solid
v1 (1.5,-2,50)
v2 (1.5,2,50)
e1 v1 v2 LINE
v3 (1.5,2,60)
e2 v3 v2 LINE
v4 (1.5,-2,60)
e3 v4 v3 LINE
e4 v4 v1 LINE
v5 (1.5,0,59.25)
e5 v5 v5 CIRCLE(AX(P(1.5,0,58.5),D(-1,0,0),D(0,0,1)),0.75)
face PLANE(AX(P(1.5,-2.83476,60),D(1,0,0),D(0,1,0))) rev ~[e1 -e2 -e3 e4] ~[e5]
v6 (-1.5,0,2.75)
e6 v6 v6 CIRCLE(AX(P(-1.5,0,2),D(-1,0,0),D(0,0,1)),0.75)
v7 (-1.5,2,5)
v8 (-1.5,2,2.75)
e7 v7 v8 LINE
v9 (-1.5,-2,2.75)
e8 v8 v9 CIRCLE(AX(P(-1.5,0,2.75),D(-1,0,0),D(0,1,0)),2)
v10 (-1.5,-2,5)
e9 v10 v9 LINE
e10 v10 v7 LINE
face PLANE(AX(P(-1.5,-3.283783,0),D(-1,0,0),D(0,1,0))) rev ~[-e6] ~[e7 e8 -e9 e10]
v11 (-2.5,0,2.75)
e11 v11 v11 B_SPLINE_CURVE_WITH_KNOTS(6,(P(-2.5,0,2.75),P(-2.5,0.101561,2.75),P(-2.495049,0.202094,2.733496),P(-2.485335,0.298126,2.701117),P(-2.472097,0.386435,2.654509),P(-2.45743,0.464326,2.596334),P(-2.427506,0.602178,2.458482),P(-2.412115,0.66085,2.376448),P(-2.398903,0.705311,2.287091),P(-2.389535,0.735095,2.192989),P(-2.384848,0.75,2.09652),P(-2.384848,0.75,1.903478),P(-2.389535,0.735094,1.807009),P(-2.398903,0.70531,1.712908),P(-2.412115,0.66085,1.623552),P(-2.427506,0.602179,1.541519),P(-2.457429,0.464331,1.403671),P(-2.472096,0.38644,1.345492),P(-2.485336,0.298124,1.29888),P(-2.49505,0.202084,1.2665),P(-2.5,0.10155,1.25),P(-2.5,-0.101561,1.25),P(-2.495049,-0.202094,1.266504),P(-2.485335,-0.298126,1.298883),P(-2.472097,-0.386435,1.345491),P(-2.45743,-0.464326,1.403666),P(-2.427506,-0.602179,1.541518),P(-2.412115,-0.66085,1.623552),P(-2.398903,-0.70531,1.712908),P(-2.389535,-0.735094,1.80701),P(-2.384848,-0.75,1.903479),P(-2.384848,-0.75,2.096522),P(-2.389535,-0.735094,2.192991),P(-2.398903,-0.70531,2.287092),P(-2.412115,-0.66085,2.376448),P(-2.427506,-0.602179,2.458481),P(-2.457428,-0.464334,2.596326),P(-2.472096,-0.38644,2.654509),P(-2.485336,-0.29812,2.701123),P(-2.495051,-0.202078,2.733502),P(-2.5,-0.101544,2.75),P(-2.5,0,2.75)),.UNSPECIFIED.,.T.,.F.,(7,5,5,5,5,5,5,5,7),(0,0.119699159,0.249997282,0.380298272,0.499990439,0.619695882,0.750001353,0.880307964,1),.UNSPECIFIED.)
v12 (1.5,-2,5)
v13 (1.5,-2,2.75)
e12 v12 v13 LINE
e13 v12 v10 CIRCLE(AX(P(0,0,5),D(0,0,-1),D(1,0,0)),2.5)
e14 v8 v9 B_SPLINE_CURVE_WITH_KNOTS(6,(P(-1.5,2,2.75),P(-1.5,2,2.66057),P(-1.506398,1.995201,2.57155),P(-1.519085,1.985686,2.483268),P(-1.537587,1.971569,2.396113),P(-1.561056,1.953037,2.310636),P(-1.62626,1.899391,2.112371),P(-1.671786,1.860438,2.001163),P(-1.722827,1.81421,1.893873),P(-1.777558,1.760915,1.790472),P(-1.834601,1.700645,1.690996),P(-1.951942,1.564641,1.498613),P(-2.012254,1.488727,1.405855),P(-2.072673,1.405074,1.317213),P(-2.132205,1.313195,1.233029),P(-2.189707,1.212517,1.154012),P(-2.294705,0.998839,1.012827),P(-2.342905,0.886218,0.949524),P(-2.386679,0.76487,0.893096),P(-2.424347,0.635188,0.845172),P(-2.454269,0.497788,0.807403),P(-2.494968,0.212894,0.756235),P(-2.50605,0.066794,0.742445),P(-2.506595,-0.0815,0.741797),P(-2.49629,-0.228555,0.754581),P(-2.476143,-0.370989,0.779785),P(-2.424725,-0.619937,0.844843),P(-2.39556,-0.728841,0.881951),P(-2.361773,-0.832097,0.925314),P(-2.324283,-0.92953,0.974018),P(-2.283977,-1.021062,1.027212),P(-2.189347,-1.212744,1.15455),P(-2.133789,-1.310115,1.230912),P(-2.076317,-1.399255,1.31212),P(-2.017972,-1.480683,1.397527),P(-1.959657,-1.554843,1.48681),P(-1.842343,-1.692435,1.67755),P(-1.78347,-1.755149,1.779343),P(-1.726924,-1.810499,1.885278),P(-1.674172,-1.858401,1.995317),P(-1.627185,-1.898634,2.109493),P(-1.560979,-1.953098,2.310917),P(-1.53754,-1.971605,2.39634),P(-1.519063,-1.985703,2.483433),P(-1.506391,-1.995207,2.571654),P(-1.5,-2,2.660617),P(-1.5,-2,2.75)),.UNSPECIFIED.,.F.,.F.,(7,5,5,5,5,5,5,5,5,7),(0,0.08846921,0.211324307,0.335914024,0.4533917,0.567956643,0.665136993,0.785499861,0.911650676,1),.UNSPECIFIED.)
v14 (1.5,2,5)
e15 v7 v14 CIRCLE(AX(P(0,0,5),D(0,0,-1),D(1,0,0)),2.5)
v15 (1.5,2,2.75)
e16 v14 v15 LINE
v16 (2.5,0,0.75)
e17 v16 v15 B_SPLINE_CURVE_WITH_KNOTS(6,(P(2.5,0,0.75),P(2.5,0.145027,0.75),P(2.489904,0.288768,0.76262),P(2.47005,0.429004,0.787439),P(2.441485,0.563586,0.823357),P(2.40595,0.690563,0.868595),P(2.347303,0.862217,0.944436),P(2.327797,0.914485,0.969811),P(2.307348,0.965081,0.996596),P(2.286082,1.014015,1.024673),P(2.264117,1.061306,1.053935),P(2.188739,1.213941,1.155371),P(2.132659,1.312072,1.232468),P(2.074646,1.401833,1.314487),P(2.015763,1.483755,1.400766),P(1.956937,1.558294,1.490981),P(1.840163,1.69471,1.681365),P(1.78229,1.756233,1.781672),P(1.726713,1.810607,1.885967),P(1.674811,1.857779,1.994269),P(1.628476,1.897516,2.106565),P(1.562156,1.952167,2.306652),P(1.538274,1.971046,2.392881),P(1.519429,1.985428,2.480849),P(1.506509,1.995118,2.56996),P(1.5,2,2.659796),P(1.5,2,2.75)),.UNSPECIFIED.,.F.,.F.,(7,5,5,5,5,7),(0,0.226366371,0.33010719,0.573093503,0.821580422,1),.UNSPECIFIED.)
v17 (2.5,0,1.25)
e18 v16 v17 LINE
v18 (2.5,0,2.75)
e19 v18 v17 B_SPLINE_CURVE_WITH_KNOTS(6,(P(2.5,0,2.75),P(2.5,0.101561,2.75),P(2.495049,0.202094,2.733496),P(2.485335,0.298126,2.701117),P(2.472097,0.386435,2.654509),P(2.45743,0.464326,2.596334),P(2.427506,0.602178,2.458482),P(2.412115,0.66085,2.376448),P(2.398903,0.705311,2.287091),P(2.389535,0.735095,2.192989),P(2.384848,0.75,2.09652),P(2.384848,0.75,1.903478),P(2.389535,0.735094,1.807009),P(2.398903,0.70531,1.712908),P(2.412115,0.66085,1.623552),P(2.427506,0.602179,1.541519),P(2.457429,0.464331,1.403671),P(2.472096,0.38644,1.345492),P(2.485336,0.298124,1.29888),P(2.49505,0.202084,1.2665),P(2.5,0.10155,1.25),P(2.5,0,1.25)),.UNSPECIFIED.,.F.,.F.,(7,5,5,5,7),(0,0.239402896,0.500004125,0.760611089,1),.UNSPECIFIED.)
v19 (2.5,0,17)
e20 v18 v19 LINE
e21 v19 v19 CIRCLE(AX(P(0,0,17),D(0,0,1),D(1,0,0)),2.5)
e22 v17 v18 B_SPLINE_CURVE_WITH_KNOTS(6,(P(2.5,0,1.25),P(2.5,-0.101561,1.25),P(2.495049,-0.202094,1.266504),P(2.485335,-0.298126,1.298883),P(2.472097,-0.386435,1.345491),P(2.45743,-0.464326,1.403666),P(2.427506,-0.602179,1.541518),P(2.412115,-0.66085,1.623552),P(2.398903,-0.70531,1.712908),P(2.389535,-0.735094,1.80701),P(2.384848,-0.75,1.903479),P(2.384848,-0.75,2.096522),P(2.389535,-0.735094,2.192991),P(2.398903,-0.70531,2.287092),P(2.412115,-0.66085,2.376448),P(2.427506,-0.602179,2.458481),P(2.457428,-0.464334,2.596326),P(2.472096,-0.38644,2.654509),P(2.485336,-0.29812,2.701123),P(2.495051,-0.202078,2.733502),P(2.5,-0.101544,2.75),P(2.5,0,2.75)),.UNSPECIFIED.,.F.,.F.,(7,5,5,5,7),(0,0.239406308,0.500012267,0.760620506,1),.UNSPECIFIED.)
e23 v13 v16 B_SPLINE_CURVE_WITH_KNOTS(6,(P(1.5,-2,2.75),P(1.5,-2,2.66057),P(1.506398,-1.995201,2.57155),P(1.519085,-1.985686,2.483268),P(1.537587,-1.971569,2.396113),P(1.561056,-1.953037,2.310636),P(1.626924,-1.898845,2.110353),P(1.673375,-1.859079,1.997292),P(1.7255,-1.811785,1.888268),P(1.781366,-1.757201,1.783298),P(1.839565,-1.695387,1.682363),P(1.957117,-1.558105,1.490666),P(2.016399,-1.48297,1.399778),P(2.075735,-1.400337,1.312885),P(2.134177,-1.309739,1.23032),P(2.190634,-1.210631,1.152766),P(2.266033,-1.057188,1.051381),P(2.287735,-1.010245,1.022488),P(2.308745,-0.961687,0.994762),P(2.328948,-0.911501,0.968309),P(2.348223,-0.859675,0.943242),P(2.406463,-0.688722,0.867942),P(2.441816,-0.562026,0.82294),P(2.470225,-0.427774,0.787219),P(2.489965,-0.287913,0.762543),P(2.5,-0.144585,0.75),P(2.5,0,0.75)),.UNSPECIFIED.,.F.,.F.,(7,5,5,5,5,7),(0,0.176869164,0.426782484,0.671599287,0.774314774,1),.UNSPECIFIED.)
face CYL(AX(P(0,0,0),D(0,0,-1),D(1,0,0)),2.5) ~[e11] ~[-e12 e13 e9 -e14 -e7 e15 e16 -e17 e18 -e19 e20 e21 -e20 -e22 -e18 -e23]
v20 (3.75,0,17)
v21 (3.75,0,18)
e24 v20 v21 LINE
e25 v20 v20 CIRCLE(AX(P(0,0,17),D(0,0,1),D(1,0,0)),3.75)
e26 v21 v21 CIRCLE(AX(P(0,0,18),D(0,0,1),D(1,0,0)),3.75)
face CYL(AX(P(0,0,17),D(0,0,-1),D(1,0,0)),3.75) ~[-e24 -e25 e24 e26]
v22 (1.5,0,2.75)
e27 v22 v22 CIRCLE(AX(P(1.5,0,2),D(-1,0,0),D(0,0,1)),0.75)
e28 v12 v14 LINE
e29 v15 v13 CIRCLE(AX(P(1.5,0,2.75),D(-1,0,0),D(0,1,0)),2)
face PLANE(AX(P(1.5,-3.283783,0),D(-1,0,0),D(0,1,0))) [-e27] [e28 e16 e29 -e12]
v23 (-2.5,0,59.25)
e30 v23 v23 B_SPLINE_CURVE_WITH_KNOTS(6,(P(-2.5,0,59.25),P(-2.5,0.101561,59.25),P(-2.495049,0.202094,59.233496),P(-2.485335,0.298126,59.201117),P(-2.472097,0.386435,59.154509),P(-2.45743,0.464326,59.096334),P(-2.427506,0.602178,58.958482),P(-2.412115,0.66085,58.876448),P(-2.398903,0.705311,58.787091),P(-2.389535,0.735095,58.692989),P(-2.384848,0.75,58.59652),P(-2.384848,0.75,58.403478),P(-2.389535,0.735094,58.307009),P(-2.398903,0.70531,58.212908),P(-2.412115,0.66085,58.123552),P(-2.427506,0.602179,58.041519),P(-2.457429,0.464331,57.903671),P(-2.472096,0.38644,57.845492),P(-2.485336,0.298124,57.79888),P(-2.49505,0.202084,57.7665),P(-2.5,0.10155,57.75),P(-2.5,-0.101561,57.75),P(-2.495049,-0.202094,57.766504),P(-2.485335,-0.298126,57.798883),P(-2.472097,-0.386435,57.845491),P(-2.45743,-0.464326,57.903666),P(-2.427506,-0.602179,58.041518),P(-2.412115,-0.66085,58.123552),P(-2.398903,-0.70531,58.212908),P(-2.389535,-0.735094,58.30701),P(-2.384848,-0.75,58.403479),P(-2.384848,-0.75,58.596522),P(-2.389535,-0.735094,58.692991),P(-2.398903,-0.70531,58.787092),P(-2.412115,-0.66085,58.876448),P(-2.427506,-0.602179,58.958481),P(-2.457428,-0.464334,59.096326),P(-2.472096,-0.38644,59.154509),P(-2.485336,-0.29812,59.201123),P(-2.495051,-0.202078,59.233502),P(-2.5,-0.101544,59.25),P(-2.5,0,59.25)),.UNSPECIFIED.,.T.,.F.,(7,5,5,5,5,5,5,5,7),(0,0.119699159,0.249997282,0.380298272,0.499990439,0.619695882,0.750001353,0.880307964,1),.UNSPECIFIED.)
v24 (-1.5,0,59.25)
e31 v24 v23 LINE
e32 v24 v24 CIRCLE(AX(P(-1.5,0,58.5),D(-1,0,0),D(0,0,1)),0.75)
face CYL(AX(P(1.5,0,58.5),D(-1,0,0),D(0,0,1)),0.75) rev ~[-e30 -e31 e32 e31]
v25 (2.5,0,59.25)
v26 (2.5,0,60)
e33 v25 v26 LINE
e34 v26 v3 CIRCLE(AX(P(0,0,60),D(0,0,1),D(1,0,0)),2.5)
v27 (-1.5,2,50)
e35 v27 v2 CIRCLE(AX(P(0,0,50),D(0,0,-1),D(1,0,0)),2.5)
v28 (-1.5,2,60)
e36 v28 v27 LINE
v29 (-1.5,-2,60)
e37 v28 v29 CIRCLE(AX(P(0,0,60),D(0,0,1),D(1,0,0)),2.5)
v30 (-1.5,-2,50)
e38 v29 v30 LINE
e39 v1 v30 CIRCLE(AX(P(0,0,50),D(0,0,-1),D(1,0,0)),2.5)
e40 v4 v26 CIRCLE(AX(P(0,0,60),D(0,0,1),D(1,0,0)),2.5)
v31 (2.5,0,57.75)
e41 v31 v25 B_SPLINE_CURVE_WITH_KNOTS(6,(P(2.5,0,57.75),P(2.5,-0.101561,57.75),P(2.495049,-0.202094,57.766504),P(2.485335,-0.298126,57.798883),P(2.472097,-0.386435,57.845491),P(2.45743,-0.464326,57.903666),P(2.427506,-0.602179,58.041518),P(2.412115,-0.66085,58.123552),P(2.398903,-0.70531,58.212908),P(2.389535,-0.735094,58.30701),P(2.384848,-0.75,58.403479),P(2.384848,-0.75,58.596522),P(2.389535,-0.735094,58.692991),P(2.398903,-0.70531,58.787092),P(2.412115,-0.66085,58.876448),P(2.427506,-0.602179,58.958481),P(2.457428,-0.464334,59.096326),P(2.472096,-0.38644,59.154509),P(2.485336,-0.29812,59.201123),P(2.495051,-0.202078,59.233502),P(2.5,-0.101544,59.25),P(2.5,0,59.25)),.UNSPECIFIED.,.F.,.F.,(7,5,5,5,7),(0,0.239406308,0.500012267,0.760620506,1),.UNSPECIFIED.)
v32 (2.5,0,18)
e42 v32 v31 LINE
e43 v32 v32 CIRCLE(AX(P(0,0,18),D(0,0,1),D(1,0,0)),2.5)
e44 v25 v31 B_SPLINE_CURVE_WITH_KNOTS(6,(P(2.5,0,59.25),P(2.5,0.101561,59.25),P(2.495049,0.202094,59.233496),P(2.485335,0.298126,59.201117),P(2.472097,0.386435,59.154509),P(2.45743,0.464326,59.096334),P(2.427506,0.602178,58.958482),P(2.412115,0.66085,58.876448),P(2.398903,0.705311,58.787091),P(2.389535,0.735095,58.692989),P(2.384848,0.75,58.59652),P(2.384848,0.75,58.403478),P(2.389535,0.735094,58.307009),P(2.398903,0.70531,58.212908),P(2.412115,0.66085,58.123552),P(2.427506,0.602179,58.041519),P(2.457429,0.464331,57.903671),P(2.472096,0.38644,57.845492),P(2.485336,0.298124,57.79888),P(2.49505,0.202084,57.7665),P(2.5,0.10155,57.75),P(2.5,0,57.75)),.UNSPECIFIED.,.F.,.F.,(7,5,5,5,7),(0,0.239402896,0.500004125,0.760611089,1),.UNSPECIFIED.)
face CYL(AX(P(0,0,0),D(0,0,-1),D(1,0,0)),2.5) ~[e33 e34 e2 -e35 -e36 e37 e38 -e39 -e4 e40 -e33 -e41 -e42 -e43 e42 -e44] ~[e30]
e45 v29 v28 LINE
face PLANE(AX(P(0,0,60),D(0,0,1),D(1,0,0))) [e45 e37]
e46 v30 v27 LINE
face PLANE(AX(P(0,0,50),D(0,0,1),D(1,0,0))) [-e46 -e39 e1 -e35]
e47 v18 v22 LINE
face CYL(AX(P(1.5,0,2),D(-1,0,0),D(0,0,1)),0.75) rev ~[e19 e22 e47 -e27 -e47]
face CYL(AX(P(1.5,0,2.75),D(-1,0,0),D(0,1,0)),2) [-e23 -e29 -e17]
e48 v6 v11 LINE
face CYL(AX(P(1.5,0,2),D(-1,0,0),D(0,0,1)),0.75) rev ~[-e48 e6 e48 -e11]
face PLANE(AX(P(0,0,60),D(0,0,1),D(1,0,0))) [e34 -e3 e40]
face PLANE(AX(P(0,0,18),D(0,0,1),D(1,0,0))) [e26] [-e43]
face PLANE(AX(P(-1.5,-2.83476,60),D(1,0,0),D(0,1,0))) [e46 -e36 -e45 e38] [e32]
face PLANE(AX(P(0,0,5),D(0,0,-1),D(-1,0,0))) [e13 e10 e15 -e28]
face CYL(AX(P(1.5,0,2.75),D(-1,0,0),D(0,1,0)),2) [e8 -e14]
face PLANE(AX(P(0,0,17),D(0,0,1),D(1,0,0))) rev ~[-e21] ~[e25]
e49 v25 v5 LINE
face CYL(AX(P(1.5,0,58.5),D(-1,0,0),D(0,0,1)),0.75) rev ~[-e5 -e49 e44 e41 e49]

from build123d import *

# Parameters (mm, degrees)
CROQUIS1_R              = 2.5
SALIENTE_EXTRUIR1_DEPTH = 60
SALIENTE_EXTRUIR2_START = -1
CROQUIS2_R              = 3.75
CROQUIS2_R_2            = 2.5
SALIENTE_EXTRUIR2_DEPTH = 1
CROQUIS5_W              = 3
CROQUIS5_H              = 5.669520972
CORTAR_EXTRUIR1_DEPTH   = 10
CROQUIS6_R              = 0.75
CORTAR_EXTRUIR2_DEPTH   = 4.5
CROQUIS7_W              = 3
CROQUIS7_H              = 6.567565146
CORTAR_EXTRUIR3_DEPTH   = 5
CROQUIS8_R              = 0.75
CORTAR_EXTRUIR4_DEPTH   = 5
CORTAR_EXTRUIR5_DEPTH   = 5


with BuildPart() as part:
    # Croquis1 → Saliente-Extruir1 (new body)
    with BuildSketch(Plane.XY):
        Circle(CROQUIS1_R)
    extrude(amount=SALIENTE_EXTRUIR1_DEPTH)

    # Croquis2 → Saliente-Extruir2 (add)
    with BuildSketch(Plane.XY.offset(18).offset(SALIENTE_EXTRUIR2_START)):
        Circle(CROQUIS2_R)
        Circle(CROQUIS2_R_2, mode=Mode.SUBTRACT)
    extrude(amount=SALIENTE_EXTRUIR2_DEPTH)

    # Croquis5 → Cortar-Extruir1 (cut, symmetric)
    with BuildSketch(Plane.XY.offset(60)):
        Rectangle(CROQUIS5_W, CROQUIS5_H)
    extrude(amount=CORTAR_EXTRUIR1_DEPTH, both=True, mode=Mode.SUBTRACT)

    # Croquis6 → Cortar-Extruir2 (cut, symmetric)
    with BuildSketch(Plane.ZY.offset(-1.5)):
        with Locations((58.5, 0)):
            Circle(CROQUIS6_R)
    extrude(amount=CORTAR_EXTRUIR2_DEPTH, both=True, mode=Mode.SUBTRACT)

    # Croquis7 → Cortar-Extruir3 (cut)
    with BuildSketch(Plane(origin=(0, 0, 0), x_dir=(-1, 0, 0), z_dir=(0, 0, -1))):
        Rectangle(CROQUIS7_W, CROQUIS7_H)
    extrude(amount=-CORTAR_EXTRUIR3_DEPTH, mode=Mode.SUBTRACT)

    # Croquis8 → Cortar-Extruir4 (cut, symmetric)
    with BuildSketch(Plane.ZY.offset(-1.5)):
        with Locations((2, 0)):
            Circle(CROQUIS8_R)
    extrude(amount=CORTAR_EXTRUIR4_DEPTH, both=True, mode=Mode.SUBTRACT)

    # Croquis9 → Cortar-Extruir5 (cut, symmetric)
    with BuildSketch(Plane.ZY.offset(-1.5)):
        with BuildLine():
            Line((0, 2), (2.75, 2))
            ThreePointArc((2.75, 2), (0.75, 0), (2.75, -2))
            Line((2.75, -2), (0, -2))
            Line((0, -2), (0, 2))
        make_face()
    extrude(amount=CORTAR_EXTRUIR5_DEPTH, both=True, mode=Mode.SUBTRACT)


solid = part.part
